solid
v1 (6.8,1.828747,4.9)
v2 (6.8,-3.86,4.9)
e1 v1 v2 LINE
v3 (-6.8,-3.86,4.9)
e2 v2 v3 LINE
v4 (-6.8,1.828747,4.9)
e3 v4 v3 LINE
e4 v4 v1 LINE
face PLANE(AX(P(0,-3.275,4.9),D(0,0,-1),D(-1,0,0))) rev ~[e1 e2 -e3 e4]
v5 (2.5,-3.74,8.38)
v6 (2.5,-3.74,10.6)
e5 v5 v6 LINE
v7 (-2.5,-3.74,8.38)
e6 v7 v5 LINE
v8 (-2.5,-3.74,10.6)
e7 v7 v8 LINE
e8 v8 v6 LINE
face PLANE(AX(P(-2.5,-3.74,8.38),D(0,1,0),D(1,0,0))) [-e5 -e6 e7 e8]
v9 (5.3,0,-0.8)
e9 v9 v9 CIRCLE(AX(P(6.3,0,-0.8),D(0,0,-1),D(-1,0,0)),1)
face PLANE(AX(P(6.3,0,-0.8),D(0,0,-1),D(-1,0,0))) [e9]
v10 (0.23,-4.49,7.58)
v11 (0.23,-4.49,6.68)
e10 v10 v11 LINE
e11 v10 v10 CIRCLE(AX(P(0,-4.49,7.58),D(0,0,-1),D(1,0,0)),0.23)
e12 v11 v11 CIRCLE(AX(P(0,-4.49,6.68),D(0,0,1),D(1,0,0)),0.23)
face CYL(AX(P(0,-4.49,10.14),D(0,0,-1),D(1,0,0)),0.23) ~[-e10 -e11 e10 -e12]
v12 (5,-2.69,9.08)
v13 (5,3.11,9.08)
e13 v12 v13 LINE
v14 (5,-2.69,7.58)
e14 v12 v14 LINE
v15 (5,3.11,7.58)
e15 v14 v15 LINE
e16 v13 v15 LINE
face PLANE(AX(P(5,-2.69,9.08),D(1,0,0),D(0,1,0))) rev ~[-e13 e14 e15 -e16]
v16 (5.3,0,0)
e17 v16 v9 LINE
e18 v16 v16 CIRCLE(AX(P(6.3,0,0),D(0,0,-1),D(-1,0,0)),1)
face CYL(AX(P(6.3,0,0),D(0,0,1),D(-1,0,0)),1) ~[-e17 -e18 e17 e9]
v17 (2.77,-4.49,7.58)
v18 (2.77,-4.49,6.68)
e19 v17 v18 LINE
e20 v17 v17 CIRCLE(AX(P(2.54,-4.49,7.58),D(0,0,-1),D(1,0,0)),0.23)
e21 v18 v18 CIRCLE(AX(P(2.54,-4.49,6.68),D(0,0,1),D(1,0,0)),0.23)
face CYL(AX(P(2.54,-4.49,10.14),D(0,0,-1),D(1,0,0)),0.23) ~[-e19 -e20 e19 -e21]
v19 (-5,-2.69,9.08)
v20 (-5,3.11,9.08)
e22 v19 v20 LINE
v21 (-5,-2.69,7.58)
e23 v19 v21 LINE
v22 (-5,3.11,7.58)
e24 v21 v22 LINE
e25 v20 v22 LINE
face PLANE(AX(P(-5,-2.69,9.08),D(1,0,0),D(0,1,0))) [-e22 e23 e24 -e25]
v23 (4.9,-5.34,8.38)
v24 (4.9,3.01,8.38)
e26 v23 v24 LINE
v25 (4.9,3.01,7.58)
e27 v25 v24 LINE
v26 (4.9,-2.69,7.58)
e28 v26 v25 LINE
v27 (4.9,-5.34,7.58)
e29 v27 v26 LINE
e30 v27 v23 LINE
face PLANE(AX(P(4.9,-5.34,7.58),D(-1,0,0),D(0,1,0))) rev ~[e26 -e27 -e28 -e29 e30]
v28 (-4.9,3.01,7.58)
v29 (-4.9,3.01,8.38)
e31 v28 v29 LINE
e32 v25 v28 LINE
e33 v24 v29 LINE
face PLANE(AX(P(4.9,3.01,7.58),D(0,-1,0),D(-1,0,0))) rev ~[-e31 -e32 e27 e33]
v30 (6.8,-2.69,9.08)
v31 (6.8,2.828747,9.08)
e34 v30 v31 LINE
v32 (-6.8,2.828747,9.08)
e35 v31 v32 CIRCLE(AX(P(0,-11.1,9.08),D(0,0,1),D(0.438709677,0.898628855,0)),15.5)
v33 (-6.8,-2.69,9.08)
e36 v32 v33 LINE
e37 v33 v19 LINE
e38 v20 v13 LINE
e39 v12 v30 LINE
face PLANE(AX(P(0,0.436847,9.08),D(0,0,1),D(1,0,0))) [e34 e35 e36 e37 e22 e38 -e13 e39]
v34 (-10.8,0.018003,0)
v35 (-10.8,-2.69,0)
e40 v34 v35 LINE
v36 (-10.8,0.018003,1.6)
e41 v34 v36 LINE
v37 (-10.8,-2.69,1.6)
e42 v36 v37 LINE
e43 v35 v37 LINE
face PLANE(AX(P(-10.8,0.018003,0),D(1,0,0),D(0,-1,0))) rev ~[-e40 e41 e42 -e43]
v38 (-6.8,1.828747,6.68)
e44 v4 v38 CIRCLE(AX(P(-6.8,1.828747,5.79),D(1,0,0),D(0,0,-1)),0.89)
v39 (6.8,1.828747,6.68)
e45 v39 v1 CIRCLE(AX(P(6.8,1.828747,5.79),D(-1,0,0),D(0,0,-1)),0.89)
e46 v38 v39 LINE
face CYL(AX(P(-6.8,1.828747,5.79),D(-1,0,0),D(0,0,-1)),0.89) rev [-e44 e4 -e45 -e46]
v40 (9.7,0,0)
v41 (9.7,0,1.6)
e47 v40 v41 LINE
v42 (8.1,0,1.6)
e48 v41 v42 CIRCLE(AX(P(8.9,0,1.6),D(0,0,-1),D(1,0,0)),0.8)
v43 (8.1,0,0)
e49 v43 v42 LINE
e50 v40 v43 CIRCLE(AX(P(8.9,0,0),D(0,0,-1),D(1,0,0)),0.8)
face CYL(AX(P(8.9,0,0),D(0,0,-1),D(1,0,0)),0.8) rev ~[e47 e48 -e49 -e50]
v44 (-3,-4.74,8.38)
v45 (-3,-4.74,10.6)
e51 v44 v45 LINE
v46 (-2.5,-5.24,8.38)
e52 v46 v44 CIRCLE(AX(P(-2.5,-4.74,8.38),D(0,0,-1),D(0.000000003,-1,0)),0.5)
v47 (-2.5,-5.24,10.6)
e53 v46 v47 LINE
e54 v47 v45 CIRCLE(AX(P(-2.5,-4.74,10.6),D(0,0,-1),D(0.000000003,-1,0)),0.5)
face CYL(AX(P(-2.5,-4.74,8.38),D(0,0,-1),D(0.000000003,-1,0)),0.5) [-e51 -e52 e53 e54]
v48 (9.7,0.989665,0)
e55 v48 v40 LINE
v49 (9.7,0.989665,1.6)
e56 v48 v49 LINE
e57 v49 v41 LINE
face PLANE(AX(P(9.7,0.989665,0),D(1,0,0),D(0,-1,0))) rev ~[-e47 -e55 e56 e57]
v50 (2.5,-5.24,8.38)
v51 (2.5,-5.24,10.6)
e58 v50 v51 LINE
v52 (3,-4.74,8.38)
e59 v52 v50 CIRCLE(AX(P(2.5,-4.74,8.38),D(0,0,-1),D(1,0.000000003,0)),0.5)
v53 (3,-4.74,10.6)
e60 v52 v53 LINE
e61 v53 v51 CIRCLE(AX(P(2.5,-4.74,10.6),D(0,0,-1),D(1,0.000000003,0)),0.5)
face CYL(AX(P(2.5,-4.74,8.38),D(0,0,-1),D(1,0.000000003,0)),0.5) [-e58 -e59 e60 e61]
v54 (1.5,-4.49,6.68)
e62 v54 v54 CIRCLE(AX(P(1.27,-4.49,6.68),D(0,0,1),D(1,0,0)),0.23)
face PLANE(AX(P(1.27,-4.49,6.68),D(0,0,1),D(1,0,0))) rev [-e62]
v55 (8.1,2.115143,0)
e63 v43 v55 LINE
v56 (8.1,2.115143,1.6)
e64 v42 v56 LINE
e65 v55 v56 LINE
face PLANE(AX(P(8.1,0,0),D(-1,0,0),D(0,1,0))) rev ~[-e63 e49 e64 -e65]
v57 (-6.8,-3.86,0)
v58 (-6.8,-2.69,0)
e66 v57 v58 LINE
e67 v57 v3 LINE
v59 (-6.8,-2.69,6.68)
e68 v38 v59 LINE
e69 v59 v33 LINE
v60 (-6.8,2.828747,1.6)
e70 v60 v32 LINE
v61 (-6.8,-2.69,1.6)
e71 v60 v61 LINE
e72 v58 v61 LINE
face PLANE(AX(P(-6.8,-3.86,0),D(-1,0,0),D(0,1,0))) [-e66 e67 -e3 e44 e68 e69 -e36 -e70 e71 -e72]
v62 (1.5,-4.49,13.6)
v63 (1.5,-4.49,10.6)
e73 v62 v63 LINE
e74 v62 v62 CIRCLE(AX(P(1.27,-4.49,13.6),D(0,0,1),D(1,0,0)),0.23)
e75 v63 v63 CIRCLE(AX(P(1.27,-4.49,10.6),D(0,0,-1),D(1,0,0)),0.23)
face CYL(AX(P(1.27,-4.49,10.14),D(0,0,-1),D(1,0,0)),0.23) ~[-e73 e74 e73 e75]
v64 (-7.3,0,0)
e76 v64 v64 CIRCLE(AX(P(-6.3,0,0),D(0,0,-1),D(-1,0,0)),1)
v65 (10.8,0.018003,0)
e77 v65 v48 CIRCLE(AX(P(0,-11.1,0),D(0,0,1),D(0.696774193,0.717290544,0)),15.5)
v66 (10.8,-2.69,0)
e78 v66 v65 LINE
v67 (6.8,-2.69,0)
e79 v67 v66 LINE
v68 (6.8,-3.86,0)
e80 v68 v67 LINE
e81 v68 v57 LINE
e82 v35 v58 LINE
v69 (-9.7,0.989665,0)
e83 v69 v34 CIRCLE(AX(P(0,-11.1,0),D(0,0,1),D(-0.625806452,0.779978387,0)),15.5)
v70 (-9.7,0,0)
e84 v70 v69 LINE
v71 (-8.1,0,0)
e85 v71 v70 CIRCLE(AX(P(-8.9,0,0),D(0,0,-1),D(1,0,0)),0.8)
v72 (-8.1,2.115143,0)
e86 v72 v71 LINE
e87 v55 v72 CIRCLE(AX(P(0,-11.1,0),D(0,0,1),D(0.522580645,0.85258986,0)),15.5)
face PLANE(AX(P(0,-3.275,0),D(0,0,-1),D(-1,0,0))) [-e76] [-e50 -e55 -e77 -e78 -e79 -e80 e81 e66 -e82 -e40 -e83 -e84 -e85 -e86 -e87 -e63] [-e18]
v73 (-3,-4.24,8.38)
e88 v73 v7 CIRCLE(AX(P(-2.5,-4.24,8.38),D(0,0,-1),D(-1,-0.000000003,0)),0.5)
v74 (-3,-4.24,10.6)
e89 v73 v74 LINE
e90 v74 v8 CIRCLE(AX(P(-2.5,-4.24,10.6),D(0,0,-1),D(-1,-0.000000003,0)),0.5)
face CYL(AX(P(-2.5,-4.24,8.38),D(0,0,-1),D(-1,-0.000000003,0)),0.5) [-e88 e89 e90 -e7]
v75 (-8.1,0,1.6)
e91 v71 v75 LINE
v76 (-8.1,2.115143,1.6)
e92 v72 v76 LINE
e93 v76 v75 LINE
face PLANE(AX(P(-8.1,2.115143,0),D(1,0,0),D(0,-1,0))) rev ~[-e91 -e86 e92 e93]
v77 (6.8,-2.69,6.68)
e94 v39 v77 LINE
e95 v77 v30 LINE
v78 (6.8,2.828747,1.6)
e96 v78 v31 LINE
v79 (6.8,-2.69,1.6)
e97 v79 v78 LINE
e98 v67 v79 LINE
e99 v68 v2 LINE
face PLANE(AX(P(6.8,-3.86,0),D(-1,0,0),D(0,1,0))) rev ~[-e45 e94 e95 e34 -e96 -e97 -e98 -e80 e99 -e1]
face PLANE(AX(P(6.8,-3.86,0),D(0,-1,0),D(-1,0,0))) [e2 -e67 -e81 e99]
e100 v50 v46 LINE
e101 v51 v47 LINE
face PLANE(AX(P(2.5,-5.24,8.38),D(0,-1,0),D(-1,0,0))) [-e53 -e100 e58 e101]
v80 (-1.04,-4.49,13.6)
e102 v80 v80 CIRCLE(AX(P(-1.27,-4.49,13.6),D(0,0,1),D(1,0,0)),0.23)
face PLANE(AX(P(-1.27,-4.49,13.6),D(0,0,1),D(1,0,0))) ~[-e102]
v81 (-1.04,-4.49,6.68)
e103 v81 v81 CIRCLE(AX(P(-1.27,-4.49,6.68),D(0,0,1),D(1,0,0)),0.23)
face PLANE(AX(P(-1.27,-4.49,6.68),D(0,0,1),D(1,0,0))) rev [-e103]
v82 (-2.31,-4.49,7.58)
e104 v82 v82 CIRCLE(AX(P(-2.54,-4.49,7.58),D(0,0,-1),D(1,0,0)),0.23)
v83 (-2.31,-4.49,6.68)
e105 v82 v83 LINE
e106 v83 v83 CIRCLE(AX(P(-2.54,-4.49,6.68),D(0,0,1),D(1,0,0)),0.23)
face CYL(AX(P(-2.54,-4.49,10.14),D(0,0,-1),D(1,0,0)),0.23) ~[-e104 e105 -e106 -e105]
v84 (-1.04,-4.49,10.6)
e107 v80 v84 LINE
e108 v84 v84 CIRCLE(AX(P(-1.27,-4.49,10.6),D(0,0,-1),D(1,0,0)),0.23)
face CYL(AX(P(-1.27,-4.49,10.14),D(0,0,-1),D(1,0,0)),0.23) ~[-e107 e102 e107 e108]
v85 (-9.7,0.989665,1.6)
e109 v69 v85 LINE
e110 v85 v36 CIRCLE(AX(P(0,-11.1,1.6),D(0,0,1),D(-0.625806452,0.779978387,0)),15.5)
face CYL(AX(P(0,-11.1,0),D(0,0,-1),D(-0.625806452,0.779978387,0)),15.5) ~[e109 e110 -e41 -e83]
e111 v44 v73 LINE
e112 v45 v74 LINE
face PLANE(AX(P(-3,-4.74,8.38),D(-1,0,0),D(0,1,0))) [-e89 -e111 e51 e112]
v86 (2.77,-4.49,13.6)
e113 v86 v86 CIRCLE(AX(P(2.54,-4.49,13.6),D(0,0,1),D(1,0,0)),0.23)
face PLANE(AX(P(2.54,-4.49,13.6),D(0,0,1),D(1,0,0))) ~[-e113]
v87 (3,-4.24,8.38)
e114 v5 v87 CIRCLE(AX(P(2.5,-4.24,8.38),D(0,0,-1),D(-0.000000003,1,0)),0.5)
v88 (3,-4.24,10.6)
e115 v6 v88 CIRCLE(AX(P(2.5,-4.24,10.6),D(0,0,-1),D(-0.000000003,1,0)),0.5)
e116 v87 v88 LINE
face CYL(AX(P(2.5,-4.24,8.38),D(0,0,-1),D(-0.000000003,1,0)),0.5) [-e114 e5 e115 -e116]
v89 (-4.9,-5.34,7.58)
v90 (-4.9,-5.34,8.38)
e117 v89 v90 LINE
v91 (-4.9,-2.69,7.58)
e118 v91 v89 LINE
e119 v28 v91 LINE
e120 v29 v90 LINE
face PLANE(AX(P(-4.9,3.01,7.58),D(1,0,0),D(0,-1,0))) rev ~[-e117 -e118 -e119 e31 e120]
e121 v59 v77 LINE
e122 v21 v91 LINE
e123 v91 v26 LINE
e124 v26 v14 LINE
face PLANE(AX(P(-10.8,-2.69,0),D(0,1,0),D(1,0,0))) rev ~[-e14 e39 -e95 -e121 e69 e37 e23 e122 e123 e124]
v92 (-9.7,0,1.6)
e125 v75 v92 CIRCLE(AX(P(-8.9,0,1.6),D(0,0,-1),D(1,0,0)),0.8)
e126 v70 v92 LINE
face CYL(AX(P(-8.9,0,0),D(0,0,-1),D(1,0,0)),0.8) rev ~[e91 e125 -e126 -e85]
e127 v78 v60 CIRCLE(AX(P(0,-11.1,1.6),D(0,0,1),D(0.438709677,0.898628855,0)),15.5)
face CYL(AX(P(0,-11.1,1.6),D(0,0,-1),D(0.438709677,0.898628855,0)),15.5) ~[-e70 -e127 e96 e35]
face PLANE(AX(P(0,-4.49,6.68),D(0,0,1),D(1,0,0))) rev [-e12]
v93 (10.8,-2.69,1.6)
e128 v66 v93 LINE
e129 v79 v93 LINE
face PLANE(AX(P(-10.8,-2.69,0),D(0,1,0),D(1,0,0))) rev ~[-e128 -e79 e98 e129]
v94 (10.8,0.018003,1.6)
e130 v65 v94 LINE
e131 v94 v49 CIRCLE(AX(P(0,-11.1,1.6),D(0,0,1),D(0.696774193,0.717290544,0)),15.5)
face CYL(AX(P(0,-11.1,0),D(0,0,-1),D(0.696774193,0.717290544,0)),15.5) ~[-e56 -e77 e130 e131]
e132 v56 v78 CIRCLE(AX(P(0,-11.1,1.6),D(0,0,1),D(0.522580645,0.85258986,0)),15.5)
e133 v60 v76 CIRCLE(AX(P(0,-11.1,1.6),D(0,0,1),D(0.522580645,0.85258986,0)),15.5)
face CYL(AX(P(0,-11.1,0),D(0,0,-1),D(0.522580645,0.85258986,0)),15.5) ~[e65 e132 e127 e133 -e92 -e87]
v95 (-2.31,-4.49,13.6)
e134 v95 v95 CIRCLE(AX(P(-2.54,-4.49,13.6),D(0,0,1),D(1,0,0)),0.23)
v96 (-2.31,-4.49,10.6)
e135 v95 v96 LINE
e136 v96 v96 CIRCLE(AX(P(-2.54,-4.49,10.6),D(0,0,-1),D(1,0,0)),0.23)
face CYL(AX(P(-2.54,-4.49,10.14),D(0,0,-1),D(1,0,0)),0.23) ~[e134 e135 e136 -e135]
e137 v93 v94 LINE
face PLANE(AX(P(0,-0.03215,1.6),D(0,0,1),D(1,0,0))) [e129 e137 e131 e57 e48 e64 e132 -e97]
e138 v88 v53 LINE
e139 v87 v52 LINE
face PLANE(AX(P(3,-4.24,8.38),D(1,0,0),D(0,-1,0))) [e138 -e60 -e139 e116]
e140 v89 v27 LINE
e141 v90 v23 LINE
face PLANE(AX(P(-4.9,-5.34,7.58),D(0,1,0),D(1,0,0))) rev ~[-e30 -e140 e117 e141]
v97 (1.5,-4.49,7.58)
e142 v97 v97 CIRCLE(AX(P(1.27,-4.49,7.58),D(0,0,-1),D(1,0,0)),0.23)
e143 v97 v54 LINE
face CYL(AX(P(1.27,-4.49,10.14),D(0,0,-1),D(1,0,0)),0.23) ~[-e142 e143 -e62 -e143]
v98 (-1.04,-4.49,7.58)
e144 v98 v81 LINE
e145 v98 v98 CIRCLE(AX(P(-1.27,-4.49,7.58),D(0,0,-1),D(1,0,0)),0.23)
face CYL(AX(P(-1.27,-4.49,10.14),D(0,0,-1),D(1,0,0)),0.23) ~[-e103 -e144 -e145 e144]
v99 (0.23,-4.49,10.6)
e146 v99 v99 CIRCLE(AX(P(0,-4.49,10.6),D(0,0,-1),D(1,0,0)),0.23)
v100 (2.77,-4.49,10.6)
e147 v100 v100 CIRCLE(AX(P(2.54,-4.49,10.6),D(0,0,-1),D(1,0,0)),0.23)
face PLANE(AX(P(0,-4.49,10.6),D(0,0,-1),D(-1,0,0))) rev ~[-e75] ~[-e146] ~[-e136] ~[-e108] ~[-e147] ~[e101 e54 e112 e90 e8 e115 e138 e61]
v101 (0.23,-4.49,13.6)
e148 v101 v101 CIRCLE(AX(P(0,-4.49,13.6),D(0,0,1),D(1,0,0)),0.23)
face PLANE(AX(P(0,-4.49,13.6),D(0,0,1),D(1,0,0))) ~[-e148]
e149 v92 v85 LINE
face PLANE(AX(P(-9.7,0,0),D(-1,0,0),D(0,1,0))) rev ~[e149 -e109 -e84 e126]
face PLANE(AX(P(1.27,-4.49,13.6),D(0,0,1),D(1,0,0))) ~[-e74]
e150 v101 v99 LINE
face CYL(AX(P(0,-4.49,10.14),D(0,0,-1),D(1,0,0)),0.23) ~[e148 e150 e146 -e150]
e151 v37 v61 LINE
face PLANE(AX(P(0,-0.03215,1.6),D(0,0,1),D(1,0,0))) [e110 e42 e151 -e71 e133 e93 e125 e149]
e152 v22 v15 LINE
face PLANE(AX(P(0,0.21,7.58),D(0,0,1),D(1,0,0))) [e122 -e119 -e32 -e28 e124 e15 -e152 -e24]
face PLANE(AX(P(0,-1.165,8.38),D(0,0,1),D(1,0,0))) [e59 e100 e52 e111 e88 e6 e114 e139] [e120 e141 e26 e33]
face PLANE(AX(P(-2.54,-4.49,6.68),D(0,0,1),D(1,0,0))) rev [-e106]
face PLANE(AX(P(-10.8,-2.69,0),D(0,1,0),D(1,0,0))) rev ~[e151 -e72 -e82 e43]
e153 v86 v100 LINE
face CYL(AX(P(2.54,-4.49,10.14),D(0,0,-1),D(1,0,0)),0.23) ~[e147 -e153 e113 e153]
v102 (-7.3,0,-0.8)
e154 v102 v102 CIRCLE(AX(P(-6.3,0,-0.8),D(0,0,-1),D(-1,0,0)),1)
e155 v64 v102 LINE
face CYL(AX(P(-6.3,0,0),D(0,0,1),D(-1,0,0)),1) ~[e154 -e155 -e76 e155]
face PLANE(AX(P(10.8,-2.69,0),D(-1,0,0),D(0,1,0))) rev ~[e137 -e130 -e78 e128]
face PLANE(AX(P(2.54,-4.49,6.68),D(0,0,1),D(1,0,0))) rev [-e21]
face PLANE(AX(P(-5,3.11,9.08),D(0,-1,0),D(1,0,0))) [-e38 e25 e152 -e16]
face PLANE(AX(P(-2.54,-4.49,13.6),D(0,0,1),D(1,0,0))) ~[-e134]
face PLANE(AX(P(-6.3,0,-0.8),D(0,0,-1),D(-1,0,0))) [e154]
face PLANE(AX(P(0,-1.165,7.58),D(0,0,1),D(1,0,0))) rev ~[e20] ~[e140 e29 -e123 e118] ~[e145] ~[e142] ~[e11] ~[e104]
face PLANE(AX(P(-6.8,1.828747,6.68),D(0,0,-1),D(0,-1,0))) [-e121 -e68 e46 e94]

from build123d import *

# Parameters (mm, degrees)
BOSS_EXTRU_1_DEPTH           = 1.6
BOSS_EXTRU_2_DEPTH           = 7.48
ESQUISSE3_W                  = 10
ESQUISSE3_H                  = 5.8
ENL_V_MAT_EXTRU_2_DEPTH      = 1.5
ENL_V_MAT_EXTRU_3_DEPTH      = 18.6
ESQUISSE5_R                  = 1
BOSS_EXTRU_3_DEPTH           = 0.8
ESQUISSE8_W                  = 0.23
ESQUISSE8_H                  = 6.92
R_P_TITION_LIN_AIRE1_COUNT   = 3
R_P_TITION_LIN_AIRE1_PITCH   = 1.27
R_P_TITION_LIN_AIRE1_2_COUNT = 3
R_P_TITION_LIN_AIRE1_2_PITCH = 1.27
BOSS_EXTRU_4_DEPTH           = 0.8
ESQUISSE11_W                 = 13.6
ESQUISSE11_H                 = 1.17
BOSS_EXTRU_5_DEPTH           = 4.9
BOSS_EXTRU_6_DEPTH           = 2.22


with BuildPart() as part:
    # Esquisse1 → Boss.-Extru.1 (new body)
    with BuildSketch(Plane.XY):
        with BuildLine():
            Line((-10.8, 0.018003418), (-10.8, -2.69))
            Line((-10.8, -2.69), (10.8, -2.69))
            Line((10.8, -2.69), (10.8, 0.018003418))
            ThreePointArc((10.8, 0.018003418), (10.261507275, 0.516861385), (9.7, 0.989665008))
            Line((9.7, 0.989665008), (9.7, 0))
            ThreePointArc((9.7, 0), (8.9, -0.8), (8.1, 0))
            Line((8.1, 0), (8.1, 2.115142829))
            ThreePointArc((8.1, 2.115142829), (0, 4.4), (-8.1, 2.115142829))
            Line((-8.1, 2.115142829), (-8.1, 0))
            ThreePointArc((-8.1, 0), (-8.9, -0.8), (-9.7, 0))
            Line((-9.7, 0), (-9.7, 0.989665008))
            ThreePointArc((-9.7, 0.989665008), (-10.261507275, 0.516861385), (-10.8, 0.018003418))
        make_face()
    extrude(amount=BOSS_EXTRU_1_DEPTH)

    # Esquisse2 → Boss.-Extru.2 (add)
    with BuildSketch(Plane.XY.offset(1.6)):
        with BuildLine():
            Line((-6.8, 2.828747252), (-6.8, -2.69))
            Line((-6.8, -2.69), (6.8, -2.69))
            Line((6.8, -2.69), (6.8, 2.828747252))
            ThreePointArc((6.8, 2.828747252), (0, 4.4), (-6.8, 2.828747252))
        make_face()
    extrude(amount=BOSS_EXTRU_2_DEPTH)

    # Esquisse3 → Enlèv. mat.-Extru.2 (cut)
    with BuildSketch(Plane.XY.offset(9.08)):
        with Locations((0, 0.21)):
            Rectangle(ESQUISSE3_W, ESQUISSE3_H)
    extrude(amount=-ENL_V_MAT_EXTRU_2_DEPTH, mode=Mode.SUBTRACT)

    # Esquisse4 → Enlèv. mat.-Extru.3 (cut, through all)
    with BuildSketch(Plane.ZY.offset(6.8)):
        with BuildLine():
            Line((4.9, -2.69), (4.9, 1.828747252))
            ThreePointArc((4.9, 1.828747252), (5.79, 2.718747252), (6.68, 1.828747252))
            Line((6.68, 1.828747252), (6.68, -2.69))
            ThreePointArc((6.68, -2.69), (5.79, -3.58), (4.9, -2.69))
        make_face()
    extrude(amount=-ENL_V_MAT_EXTRU_3_DEPTH, mode=Mode.SUBTRACT)

    # Esquisse5 → Boss.-Extru.3 (add)
    with BuildSketch(Plane(origin=(0, 0, 0), x_dir=(-1, 0, 0), z_dir=(0, 0, -1))):
        with Locations((6.3, 0)):
            Circle(ESQUISSE5_R)
        with Locations((-6.3, 0)):
            Circle(ESQUISSE5_R)
    extrude(amount=BOSS_EXTRU_3_DEPTH)



with BuildPart() as body_2:
    # Esquisse8 → Révolution1 (revolve)
    with BuildSketch(Plane(origin=(0, -4.49, 0), x_dir=(1, 0, 0), z_dir=(0, 1, 0))):
        with Locations((0.115, -10.14)):
            Rectangle(ESQUISSE8_W, ESQUISSE8_H)
    revolve(axis=Axis((0, -4.49, 7.58), (0, 0, 1)))


with BuildPart() as r_p_tition_lin_aire1_1:
    # Répétition linéaire1: pattern copy
    add(body_2.part.moved(Location(Vector(1, 0, 0) * (1 * R_P_TITION_LIN_AIRE1_PITCH))))


with BuildPart() as r_p_tition_lin_aire1_2:
    # Répétition linéaire1: pattern copy
    add(body_2.part.moved(Location(Vector(1, 0, 0) * (2 * R_P_TITION_LIN_AIRE1_PITCH))))


with BuildPart() as r_p_tition_lin_aire1_2_1:
    # R_p_tition lin_aire1 2: pattern copy
    add(body_2.part.moved(Location(Vector(-1, 0, 0) * (1 * R_P_TITION_LIN_AIRE1_2_PITCH))))


with BuildPart() as r_p_tition_lin_aire1_2_2:
    # R_p_tition lin_aire1 2: pattern copy
    add(body_2.part.moved(Location(Vector(-1, 0, 0) * (2 * R_P_TITION_LIN_AIRE1_2_PITCH))))


with BuildPart() as r_p_tition_lin_aire1_2_3:
    # R_p_tition lin_aire1 2: pattern copy
    add(r_p_tition_lin_aire1_1.part.moved(Location(Vector(-1, 0, 0) * (1 * R_P_TITION_LIN_AIRE1_2_PITCH))))


with BuildPart() as r_p_tition_lin_aire1_2_4:
    # R_p_tition lin_aire1 2: pattern copy
    add(r_p_tition_lin_aire1_1.part.moved(Location(Vector(-1, 0, 0) * (2 * R_P_TITION_LIN_AIRE1_2_PITCH))))


with BuildPart() as r_p_tition_lin_aire1_2_5:
    # R_p_tition lin_aire1 2: pattern copy
    add(r_p_tition_lin_aire1_2.part.moved(Location(Vector(-1, 0, 0) * (1 * R_P_TITION_LIN_AIRE1_2_PITCH))))


with BuildPart() as r_p_tition_lin_aire1_2_6:
    # R_p_tition lin_aire1 2: pattern copy
    add(r_p_tition_lin_aire1_2.part.moved(Location(Vector(-1, 0, 0) * (2 * R_P_TITION_LIN_AIRE1_2_PITCH))))


with BuildPart() as part_1:
    add(part.part)

    add(body_2.part)  # Boss.-Extru.4 merges body 2

    add(r_p_tition_lin_aire1_1.part)  # Boss.-Extru.4 merges Répétition linéaire1_1

    add(r_p_tition_lin_aire1_2.part)  # Boss.-Extru.4 merges Répétition linéaire1_2

    add(r_p_tition_lin_aire1_2_1.part)  # Boss.-Extru.4 merges Répétition linéaire1 2_1

    add(r_p_tition_lin_aire1_2_2.part)  # Boss.-Extru.4 merges Répétition linéaire1 2_2

    add(r_p_tition_lin_aire1_2_3.part)  # Boss.-Extru.4 merges Répétition linéaire1 2_3

    add(r_p_tition_lin_aire1_2_4.part)  # Boss.-Extru.4 merges Répétition linéaire1 2_4

    add(r_p_tition_lin_aire1_2_5.part)  # Boss.-Extru.4 merges Répétition linéaire1 2_5

    add(r_p_tition_lin_aire1_2_6.part)  # Boss.-Extru.4 merges Répétition linéaire1 2_6
    # Esquisse10 → Boss.-Extru.4 (add)
    with BuildSketch(Plane.XY.offset(7.58)):
        Polygon((-4.9, -2.59), (-4.9, -5.34), (4.9, -5.34), (4.9, -2.59), (4.9, 3.01), (-4.9, 3.01), align=None)
    extrude(amount=BOSS_EXTRU_4_DEPTH)

    # Esquisse11 → Boss.-Extru.5 (add)
    with BuildSketch(Plane(origin=(0, 0, 0), x_dir=(-1, 0, 0), z_dir=(0, 0, -1))):
        with Locations((0, -3.275)):
            Rectangle(ESQUISSE11_W, ESQUISSE11_H)
    extrude(amount=-BOSS_EXTRU_5_DEPTH)

    # Esquisse12 → Boss.-Extru.6 (add)
    with BuildSketch(Plane.XY.offset(8.38)):
        with BuildLine():
            Line((2.5, -5.24), (-2.5, -5.24))
            ThreePointArc((-2.5, -5.24), (-2.853553391, -5.093553391), (-3, -4.74))
            Line((-3, -4.74), (-3, -4.24))
            ThreePointArc((-3, -4.24), (-2.853553391, -3.886446609), (-2.5, -3.74))
            Line((-2.5, -3.74), (2.5, -3.74))
            ThreePointArc((2.5, -3.74), (2.853553391, -3.886446609), (3, -4.24))
            Line((3, -4.24), (3, -4.74))
            ThreePointArc((3, -4.74), (2.853553391, -5.093553391), (2.5, -5.24))
        make_face()
    extrude(amount=BOSS_EXTRU_6_DEPTH)


solid = part_1.part
